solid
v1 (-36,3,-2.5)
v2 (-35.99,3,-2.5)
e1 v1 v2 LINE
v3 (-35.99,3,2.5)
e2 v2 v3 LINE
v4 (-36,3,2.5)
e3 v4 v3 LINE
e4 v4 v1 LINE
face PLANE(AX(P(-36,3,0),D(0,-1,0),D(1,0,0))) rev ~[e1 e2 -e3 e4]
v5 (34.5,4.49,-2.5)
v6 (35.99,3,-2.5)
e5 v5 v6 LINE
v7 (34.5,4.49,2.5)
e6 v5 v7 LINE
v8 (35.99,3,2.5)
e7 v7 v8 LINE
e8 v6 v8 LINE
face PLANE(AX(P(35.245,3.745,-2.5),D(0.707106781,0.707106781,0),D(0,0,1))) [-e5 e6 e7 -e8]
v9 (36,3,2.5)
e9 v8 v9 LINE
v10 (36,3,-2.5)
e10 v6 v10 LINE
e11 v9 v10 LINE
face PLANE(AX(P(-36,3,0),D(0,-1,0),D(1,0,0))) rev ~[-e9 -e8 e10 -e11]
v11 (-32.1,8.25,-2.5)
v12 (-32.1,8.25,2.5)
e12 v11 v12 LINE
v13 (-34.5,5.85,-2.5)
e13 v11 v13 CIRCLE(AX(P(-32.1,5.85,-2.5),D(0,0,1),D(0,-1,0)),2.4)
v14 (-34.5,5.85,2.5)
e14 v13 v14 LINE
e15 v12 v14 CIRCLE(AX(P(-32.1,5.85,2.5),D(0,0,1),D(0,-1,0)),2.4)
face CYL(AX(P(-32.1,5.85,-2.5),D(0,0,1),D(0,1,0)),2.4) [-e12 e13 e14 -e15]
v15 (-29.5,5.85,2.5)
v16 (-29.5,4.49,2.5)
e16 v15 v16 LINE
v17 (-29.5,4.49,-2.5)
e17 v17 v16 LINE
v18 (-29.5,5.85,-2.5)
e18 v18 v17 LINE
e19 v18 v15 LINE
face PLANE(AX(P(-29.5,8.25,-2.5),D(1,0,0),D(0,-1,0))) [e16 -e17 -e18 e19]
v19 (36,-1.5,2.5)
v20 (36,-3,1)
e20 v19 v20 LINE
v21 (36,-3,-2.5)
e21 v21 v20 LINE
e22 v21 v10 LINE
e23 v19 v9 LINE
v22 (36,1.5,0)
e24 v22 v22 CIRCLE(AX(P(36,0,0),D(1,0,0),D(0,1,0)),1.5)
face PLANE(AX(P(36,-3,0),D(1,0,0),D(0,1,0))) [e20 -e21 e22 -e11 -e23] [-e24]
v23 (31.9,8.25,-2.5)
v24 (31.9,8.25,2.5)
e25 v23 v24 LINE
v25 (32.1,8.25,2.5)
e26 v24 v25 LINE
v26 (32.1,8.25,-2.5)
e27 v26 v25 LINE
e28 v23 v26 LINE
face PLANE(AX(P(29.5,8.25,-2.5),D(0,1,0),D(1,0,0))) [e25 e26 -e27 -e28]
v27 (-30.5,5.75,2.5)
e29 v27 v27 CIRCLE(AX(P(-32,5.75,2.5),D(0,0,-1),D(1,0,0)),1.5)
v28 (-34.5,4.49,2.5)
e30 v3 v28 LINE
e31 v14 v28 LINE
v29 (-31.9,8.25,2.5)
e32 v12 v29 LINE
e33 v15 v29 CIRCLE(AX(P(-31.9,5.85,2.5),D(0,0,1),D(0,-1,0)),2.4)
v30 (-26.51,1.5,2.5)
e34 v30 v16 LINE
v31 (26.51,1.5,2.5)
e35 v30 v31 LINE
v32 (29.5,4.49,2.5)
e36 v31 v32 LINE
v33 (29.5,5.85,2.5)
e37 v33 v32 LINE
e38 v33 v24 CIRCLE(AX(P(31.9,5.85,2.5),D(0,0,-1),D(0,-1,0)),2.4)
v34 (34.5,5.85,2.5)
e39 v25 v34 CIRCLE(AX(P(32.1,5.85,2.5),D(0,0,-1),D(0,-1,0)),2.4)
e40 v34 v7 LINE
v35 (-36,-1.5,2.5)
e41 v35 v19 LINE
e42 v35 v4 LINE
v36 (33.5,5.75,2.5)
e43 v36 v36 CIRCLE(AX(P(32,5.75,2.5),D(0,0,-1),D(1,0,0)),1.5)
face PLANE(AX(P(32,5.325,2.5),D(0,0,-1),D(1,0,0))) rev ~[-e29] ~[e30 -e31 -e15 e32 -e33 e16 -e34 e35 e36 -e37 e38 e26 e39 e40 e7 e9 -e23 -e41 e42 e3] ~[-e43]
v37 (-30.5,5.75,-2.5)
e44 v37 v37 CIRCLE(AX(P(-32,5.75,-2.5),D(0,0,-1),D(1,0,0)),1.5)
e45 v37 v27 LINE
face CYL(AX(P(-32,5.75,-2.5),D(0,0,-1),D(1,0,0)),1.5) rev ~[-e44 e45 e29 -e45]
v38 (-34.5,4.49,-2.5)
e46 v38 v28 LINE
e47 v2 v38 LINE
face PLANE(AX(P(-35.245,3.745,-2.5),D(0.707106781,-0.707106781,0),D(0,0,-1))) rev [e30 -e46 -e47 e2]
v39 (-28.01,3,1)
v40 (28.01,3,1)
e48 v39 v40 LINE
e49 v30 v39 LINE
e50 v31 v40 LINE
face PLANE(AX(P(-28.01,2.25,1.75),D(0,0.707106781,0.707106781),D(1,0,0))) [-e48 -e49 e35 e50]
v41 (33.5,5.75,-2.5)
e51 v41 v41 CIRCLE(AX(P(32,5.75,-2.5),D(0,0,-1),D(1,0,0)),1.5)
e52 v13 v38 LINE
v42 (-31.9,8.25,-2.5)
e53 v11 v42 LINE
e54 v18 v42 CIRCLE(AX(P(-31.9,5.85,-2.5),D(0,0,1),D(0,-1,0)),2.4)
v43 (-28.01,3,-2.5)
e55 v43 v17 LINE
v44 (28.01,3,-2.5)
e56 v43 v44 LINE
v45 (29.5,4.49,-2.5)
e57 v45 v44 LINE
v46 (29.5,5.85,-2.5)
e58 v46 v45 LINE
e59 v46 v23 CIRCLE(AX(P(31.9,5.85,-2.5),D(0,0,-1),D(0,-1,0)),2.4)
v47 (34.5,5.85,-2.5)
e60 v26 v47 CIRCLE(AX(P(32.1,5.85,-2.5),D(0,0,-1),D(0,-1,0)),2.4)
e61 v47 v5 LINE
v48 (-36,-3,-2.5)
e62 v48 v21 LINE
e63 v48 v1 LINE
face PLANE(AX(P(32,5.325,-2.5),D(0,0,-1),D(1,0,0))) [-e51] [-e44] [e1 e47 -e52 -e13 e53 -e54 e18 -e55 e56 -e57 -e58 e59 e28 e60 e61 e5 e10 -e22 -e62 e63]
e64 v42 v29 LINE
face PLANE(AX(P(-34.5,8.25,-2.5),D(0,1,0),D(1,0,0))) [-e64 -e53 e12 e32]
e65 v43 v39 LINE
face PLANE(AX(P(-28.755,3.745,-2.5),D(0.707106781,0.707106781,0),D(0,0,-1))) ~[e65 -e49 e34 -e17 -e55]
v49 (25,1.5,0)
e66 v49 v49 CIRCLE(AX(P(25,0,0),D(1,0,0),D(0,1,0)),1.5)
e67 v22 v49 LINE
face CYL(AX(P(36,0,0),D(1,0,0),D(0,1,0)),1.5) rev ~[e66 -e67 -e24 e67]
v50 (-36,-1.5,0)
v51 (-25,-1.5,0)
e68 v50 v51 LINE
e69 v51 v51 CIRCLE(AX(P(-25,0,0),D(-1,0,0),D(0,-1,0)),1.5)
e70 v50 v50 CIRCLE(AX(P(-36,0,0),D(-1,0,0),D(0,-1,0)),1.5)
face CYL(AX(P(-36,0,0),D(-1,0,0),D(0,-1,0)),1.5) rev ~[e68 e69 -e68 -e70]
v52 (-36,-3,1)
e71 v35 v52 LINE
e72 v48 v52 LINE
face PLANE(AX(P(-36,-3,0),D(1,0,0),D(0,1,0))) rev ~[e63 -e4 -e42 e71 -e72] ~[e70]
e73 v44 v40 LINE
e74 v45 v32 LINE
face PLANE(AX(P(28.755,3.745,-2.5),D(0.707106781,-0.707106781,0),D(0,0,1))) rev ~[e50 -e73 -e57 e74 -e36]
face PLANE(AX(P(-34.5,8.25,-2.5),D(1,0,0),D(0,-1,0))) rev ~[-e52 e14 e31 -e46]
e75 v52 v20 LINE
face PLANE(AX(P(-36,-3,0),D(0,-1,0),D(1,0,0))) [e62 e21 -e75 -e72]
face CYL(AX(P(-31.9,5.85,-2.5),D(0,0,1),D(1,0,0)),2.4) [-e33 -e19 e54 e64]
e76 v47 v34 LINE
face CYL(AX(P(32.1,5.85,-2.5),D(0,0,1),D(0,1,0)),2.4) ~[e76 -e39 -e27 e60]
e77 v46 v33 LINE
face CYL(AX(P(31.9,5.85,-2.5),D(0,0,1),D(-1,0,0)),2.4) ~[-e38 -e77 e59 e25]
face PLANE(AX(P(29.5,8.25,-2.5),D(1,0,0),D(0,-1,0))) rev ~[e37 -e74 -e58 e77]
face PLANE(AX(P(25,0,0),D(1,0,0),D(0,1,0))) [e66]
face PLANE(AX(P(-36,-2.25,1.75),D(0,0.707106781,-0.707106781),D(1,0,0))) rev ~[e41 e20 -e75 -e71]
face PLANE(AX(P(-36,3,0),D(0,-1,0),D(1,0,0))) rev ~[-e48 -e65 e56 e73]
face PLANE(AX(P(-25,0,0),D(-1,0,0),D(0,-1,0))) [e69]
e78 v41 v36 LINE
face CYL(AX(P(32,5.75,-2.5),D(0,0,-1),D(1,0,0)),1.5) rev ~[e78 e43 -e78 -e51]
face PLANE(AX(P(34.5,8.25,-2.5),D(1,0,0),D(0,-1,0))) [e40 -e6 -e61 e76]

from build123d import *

# Parameters (mm, degrees)
SKETCH_W        = 72
SKETCH_H        = 6
PAD_DEPTH       = 2.5
SKETCH001_R     = 1.5
POCKET_DEPTH    = 11
SKETCH002_R     = 1.5
POCKET001_DEPTH = 11
SKETCH003_W     = 5
SKETCH003_H     = 5.85
SKETCH003_R     = 1.5
PAD001_DEPTH    = 5
CHAMFER_SIZE    = 1.49
FILLET_R        = 2.4
CHAMFER001_SIZE = 1.5


with BuildPart() as part:
    # Sketch → Pad (new body, symmetric)
    with BuildSketch(Plane.XY):
        Rectangle(SKETCH_W, SKETCH_H)
    extrude(amount=PAD_DEPTH, both=True)

    # Sketch001 → Pocket (cut)
    with BuildSketch(Plane(origin=(-36, 0, 0), x_dir=(0, -1, 0), z_dir=(-1, 0, 0))):
        Circle(SKETCH001_R)
    extrude(amount=-POCKET_DEPTH, mode=Mode.SUBTRACT)

    # Sketch002 → Pocket001 (cut)
    with BuildSketch(Plane.YZ.offset(36)):
        Circle(SKETCH002_R)
    extrude(amount=-POCKET001_DEPTH, mode=Mode.SUBTRACT)

    # Sketch003 → Pad001 (new body)
    with BuildSketch(Plane(origin=(0, 0, -2.5), x_dir=(1, 0, 0), z_dir=(0, 0, -1))):
        with Locations((32, -5.325)):
            Rectangle(SKETCH003_W, SKETCH003_H)
        with Locations((32, -5.75)):
            Circle(SKETCH003_R, mode=Mode.SUBTRACT)
        with Locations((-32, -5.325)):
            Rectangle(SKETCH003_W, SKETCH003_H)
        with Locations((-32, -5.75)):
            Circle(SKETCH003_R, mode=Mode.SUBTRACT)
    extrude(amount=-PAD001_DEPTH)

    # Chamfer
    chamfer_edges = [part.edges().sort_by_distance(p)[0] for p in [
        (34.5, 3, 0),
        (29.5, 3, 0),
        (-29.5, 3, 0),
        (-34.5, 3, 0),
    ]]
    chamfer(chamfer_edges, length=CHAMFER_SIZE)

    # Fillet
    fillet_edges = [part.edges().sort_by_distance(p)[0] for p in [
        (34.5, 8.25, 0),
        (29.5, 8.25, 0),
        (-29.5, 8.25, 0),
        (-34.5, 8.25, 0),
    ]]
    fillet(fillet_edges, radius=FILLET_R)

    # Chamfer001
    chamfer001_edges = [part.edges().sort_by_distance(p)[0] for p in [
        (0, -3, 2.5),
        (0, 3, 2.5),
    ]]
    chamfer(chamfer001_edges, length=CHAMFER001_SIZE)


solid = part.part
